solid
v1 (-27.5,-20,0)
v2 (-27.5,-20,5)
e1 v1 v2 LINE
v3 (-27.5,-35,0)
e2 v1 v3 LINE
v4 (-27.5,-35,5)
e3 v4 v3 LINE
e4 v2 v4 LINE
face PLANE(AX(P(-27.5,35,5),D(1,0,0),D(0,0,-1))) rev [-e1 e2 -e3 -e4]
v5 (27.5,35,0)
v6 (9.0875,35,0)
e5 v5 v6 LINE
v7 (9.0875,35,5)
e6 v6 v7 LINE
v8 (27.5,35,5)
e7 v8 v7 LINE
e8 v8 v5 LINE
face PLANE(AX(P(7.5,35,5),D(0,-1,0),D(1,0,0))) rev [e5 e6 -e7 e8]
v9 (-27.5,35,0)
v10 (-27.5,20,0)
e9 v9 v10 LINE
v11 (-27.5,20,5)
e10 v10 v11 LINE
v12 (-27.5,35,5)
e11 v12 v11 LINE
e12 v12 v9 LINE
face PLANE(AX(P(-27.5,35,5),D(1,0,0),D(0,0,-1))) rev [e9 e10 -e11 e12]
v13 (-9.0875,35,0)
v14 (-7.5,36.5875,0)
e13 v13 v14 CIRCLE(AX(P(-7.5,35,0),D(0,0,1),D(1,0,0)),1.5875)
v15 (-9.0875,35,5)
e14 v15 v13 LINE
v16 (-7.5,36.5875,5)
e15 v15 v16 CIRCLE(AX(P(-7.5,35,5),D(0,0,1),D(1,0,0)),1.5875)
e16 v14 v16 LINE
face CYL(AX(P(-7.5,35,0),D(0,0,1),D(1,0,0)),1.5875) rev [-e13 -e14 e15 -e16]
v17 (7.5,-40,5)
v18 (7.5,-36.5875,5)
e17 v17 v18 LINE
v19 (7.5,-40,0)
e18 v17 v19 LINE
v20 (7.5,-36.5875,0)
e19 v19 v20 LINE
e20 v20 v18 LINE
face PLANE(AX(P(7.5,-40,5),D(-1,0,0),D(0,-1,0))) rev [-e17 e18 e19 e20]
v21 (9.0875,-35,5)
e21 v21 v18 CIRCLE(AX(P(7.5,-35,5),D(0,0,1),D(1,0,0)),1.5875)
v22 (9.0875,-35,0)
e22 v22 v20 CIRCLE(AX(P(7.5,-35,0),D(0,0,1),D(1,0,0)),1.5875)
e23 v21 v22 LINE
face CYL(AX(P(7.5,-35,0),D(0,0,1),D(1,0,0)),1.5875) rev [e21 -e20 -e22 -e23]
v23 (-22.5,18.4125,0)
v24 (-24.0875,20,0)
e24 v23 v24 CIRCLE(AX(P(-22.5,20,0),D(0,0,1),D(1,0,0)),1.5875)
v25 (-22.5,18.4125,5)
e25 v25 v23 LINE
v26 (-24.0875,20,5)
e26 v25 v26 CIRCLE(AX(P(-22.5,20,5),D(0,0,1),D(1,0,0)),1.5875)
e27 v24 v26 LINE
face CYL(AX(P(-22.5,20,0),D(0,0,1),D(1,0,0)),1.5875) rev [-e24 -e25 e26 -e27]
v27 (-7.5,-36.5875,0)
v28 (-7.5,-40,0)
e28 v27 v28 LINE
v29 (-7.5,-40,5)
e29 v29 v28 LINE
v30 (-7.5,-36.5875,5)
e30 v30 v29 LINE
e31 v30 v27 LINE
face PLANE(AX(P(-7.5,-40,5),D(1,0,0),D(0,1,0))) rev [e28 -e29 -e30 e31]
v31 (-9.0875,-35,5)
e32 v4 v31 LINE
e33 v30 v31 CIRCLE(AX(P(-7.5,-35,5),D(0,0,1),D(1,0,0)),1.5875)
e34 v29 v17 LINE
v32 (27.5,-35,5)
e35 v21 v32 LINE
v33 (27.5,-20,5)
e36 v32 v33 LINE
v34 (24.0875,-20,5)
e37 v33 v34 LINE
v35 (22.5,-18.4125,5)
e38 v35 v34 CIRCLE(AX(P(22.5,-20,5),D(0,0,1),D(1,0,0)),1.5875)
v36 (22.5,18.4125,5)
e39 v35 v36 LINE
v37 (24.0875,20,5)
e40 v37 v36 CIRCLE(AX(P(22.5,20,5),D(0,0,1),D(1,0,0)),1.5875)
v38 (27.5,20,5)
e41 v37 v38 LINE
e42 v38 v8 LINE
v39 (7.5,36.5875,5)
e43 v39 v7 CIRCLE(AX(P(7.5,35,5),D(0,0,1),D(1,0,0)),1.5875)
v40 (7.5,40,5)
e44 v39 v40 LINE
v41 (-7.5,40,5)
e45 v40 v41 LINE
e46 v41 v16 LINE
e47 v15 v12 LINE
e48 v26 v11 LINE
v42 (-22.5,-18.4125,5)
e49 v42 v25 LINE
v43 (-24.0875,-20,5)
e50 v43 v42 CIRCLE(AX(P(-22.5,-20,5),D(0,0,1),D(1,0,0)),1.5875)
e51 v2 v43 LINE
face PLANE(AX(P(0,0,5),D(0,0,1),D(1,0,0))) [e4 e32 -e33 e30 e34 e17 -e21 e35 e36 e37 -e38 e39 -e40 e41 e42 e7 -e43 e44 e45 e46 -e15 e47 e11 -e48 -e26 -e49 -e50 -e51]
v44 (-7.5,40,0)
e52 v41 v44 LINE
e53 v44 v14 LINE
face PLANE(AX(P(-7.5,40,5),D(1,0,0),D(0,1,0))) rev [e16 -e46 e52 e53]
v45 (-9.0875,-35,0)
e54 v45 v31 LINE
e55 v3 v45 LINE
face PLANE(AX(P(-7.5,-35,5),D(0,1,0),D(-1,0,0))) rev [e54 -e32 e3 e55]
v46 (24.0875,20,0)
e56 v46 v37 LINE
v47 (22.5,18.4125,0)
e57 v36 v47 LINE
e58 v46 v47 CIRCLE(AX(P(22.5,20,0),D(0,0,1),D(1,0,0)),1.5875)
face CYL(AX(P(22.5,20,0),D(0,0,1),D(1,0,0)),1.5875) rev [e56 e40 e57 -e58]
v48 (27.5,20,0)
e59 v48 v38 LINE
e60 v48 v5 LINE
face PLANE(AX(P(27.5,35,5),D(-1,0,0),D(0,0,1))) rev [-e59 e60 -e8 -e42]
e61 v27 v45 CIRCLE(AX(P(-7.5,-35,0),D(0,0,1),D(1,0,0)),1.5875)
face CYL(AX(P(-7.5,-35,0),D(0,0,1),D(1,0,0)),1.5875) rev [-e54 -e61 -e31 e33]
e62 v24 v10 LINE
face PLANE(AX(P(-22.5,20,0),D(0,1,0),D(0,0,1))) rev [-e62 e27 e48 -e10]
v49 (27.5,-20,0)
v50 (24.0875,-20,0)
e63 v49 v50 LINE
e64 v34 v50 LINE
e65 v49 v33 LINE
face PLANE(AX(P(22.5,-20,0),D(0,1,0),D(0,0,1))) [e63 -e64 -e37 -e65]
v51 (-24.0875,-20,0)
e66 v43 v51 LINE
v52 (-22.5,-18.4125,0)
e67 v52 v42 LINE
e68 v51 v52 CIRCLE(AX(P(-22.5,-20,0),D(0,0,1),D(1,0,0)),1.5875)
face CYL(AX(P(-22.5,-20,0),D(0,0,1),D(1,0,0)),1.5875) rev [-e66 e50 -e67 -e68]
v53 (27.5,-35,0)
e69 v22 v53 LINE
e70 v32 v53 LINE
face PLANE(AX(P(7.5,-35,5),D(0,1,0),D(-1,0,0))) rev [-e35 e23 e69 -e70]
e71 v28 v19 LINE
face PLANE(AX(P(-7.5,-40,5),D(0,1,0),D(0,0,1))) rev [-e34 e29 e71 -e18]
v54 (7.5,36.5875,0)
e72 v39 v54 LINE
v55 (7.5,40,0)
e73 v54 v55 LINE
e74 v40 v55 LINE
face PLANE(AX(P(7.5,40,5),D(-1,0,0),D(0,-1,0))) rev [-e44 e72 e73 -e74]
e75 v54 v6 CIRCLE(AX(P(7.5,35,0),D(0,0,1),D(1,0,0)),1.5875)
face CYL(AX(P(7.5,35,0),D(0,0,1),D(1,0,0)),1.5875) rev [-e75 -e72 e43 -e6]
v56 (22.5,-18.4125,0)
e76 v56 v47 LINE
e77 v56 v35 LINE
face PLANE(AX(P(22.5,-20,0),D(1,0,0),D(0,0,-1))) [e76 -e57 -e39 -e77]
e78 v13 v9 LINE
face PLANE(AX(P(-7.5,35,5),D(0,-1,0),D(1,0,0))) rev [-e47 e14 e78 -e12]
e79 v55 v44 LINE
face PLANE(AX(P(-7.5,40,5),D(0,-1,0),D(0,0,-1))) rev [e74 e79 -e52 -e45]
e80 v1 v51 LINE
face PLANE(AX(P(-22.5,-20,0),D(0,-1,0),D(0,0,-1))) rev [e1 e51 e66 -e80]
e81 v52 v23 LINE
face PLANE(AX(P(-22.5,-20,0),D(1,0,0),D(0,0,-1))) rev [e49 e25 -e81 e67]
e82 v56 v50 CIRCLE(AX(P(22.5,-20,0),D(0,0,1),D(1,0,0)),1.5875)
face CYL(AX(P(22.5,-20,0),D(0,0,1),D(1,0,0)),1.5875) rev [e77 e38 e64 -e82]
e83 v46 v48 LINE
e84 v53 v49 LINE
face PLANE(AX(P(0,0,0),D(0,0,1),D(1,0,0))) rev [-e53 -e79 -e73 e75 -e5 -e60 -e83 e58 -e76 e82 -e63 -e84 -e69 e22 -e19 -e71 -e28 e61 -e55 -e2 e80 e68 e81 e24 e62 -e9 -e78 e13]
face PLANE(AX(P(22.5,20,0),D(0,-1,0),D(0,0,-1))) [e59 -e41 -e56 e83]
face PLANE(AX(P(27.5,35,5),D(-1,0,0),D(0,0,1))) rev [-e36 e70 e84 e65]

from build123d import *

# Parameters (mm, degrees)
BOSS_EXTRUDE2_DEPTH = 5
SKETCH3_W           = 5
SKETCH3_H           = 40
CUT_EXTRUDE1_DEPTH  = 5
SKETCH4_R           = 1.5875
CUT_EXTRUDE2_DEPTH  = 6


with BuildPart() as part:
    # Sketch2 → Boss-Extrude2 (new body)
    with BuildSketch(Plane.XY):
        Polygon((-7.5, 40), (7.5, 40), (7.5, 35), (27.5, 35), (27.5, -35), (7.5, -35), (7.5, -40), (-7.5, -40), (-7.5, -35), (-27.5, -35), (-27.5, 35), (-7.5, 35), align=None)
    extrude(amount=BOSS_EXTRUDE2_DEPTH)

    # Sketch3 → Cut-Extrude1 (cut)
    with BuildSketch(Plane.XY.offset(5)):
        with Locations((-25, 0)):
            Rectangle(SKETCH3_W, SKETCH3_H)
    cut_extrude1 = extrude(amount=-CUT_EXTRUDE1_DEPTH, mode=Mode.SUBTRACT)

    # Mirror1: Cut-Extrude1 across plane
    add(cut_extrude1.mirror(Plane(origin=(0, 0, 0), x_dir=(0, 0, 1), z_dir=(1, 0, 0))), mode=Mode.SUBTRACT)

    # Sketch4 → Cut-Extrude2 (cut, through all)
    with BuildSketch(Plane.XY.offset(5)):
        with Locations((-22.5, 20)):
            Circle(SKETCH4_R)
        with Locations((-7.5, 35)):
            Circle(SKETCH4_R)
        with Locations((7.5, 35)):
            Circle(SKETCH4_R)
        with Locations((22.5, 20)):
            Circle(SKETCH4_R)
        with Locations((22.5, -20)):
            Circle(SKETCH4_R)
        with Locations((7.5, -35)):
            Circle(SKETCH4_R)
        with Locations((-7.5, -35)):
            Circle(SKETCH4_R)
        with Locations((-22.5, -20)):
            Circle(SKETCH4_R)
    extrude(amount=-CUT_EXTRUDE2_DEPTH, mode=Mode.SUBTRACT)


solid = part.part
